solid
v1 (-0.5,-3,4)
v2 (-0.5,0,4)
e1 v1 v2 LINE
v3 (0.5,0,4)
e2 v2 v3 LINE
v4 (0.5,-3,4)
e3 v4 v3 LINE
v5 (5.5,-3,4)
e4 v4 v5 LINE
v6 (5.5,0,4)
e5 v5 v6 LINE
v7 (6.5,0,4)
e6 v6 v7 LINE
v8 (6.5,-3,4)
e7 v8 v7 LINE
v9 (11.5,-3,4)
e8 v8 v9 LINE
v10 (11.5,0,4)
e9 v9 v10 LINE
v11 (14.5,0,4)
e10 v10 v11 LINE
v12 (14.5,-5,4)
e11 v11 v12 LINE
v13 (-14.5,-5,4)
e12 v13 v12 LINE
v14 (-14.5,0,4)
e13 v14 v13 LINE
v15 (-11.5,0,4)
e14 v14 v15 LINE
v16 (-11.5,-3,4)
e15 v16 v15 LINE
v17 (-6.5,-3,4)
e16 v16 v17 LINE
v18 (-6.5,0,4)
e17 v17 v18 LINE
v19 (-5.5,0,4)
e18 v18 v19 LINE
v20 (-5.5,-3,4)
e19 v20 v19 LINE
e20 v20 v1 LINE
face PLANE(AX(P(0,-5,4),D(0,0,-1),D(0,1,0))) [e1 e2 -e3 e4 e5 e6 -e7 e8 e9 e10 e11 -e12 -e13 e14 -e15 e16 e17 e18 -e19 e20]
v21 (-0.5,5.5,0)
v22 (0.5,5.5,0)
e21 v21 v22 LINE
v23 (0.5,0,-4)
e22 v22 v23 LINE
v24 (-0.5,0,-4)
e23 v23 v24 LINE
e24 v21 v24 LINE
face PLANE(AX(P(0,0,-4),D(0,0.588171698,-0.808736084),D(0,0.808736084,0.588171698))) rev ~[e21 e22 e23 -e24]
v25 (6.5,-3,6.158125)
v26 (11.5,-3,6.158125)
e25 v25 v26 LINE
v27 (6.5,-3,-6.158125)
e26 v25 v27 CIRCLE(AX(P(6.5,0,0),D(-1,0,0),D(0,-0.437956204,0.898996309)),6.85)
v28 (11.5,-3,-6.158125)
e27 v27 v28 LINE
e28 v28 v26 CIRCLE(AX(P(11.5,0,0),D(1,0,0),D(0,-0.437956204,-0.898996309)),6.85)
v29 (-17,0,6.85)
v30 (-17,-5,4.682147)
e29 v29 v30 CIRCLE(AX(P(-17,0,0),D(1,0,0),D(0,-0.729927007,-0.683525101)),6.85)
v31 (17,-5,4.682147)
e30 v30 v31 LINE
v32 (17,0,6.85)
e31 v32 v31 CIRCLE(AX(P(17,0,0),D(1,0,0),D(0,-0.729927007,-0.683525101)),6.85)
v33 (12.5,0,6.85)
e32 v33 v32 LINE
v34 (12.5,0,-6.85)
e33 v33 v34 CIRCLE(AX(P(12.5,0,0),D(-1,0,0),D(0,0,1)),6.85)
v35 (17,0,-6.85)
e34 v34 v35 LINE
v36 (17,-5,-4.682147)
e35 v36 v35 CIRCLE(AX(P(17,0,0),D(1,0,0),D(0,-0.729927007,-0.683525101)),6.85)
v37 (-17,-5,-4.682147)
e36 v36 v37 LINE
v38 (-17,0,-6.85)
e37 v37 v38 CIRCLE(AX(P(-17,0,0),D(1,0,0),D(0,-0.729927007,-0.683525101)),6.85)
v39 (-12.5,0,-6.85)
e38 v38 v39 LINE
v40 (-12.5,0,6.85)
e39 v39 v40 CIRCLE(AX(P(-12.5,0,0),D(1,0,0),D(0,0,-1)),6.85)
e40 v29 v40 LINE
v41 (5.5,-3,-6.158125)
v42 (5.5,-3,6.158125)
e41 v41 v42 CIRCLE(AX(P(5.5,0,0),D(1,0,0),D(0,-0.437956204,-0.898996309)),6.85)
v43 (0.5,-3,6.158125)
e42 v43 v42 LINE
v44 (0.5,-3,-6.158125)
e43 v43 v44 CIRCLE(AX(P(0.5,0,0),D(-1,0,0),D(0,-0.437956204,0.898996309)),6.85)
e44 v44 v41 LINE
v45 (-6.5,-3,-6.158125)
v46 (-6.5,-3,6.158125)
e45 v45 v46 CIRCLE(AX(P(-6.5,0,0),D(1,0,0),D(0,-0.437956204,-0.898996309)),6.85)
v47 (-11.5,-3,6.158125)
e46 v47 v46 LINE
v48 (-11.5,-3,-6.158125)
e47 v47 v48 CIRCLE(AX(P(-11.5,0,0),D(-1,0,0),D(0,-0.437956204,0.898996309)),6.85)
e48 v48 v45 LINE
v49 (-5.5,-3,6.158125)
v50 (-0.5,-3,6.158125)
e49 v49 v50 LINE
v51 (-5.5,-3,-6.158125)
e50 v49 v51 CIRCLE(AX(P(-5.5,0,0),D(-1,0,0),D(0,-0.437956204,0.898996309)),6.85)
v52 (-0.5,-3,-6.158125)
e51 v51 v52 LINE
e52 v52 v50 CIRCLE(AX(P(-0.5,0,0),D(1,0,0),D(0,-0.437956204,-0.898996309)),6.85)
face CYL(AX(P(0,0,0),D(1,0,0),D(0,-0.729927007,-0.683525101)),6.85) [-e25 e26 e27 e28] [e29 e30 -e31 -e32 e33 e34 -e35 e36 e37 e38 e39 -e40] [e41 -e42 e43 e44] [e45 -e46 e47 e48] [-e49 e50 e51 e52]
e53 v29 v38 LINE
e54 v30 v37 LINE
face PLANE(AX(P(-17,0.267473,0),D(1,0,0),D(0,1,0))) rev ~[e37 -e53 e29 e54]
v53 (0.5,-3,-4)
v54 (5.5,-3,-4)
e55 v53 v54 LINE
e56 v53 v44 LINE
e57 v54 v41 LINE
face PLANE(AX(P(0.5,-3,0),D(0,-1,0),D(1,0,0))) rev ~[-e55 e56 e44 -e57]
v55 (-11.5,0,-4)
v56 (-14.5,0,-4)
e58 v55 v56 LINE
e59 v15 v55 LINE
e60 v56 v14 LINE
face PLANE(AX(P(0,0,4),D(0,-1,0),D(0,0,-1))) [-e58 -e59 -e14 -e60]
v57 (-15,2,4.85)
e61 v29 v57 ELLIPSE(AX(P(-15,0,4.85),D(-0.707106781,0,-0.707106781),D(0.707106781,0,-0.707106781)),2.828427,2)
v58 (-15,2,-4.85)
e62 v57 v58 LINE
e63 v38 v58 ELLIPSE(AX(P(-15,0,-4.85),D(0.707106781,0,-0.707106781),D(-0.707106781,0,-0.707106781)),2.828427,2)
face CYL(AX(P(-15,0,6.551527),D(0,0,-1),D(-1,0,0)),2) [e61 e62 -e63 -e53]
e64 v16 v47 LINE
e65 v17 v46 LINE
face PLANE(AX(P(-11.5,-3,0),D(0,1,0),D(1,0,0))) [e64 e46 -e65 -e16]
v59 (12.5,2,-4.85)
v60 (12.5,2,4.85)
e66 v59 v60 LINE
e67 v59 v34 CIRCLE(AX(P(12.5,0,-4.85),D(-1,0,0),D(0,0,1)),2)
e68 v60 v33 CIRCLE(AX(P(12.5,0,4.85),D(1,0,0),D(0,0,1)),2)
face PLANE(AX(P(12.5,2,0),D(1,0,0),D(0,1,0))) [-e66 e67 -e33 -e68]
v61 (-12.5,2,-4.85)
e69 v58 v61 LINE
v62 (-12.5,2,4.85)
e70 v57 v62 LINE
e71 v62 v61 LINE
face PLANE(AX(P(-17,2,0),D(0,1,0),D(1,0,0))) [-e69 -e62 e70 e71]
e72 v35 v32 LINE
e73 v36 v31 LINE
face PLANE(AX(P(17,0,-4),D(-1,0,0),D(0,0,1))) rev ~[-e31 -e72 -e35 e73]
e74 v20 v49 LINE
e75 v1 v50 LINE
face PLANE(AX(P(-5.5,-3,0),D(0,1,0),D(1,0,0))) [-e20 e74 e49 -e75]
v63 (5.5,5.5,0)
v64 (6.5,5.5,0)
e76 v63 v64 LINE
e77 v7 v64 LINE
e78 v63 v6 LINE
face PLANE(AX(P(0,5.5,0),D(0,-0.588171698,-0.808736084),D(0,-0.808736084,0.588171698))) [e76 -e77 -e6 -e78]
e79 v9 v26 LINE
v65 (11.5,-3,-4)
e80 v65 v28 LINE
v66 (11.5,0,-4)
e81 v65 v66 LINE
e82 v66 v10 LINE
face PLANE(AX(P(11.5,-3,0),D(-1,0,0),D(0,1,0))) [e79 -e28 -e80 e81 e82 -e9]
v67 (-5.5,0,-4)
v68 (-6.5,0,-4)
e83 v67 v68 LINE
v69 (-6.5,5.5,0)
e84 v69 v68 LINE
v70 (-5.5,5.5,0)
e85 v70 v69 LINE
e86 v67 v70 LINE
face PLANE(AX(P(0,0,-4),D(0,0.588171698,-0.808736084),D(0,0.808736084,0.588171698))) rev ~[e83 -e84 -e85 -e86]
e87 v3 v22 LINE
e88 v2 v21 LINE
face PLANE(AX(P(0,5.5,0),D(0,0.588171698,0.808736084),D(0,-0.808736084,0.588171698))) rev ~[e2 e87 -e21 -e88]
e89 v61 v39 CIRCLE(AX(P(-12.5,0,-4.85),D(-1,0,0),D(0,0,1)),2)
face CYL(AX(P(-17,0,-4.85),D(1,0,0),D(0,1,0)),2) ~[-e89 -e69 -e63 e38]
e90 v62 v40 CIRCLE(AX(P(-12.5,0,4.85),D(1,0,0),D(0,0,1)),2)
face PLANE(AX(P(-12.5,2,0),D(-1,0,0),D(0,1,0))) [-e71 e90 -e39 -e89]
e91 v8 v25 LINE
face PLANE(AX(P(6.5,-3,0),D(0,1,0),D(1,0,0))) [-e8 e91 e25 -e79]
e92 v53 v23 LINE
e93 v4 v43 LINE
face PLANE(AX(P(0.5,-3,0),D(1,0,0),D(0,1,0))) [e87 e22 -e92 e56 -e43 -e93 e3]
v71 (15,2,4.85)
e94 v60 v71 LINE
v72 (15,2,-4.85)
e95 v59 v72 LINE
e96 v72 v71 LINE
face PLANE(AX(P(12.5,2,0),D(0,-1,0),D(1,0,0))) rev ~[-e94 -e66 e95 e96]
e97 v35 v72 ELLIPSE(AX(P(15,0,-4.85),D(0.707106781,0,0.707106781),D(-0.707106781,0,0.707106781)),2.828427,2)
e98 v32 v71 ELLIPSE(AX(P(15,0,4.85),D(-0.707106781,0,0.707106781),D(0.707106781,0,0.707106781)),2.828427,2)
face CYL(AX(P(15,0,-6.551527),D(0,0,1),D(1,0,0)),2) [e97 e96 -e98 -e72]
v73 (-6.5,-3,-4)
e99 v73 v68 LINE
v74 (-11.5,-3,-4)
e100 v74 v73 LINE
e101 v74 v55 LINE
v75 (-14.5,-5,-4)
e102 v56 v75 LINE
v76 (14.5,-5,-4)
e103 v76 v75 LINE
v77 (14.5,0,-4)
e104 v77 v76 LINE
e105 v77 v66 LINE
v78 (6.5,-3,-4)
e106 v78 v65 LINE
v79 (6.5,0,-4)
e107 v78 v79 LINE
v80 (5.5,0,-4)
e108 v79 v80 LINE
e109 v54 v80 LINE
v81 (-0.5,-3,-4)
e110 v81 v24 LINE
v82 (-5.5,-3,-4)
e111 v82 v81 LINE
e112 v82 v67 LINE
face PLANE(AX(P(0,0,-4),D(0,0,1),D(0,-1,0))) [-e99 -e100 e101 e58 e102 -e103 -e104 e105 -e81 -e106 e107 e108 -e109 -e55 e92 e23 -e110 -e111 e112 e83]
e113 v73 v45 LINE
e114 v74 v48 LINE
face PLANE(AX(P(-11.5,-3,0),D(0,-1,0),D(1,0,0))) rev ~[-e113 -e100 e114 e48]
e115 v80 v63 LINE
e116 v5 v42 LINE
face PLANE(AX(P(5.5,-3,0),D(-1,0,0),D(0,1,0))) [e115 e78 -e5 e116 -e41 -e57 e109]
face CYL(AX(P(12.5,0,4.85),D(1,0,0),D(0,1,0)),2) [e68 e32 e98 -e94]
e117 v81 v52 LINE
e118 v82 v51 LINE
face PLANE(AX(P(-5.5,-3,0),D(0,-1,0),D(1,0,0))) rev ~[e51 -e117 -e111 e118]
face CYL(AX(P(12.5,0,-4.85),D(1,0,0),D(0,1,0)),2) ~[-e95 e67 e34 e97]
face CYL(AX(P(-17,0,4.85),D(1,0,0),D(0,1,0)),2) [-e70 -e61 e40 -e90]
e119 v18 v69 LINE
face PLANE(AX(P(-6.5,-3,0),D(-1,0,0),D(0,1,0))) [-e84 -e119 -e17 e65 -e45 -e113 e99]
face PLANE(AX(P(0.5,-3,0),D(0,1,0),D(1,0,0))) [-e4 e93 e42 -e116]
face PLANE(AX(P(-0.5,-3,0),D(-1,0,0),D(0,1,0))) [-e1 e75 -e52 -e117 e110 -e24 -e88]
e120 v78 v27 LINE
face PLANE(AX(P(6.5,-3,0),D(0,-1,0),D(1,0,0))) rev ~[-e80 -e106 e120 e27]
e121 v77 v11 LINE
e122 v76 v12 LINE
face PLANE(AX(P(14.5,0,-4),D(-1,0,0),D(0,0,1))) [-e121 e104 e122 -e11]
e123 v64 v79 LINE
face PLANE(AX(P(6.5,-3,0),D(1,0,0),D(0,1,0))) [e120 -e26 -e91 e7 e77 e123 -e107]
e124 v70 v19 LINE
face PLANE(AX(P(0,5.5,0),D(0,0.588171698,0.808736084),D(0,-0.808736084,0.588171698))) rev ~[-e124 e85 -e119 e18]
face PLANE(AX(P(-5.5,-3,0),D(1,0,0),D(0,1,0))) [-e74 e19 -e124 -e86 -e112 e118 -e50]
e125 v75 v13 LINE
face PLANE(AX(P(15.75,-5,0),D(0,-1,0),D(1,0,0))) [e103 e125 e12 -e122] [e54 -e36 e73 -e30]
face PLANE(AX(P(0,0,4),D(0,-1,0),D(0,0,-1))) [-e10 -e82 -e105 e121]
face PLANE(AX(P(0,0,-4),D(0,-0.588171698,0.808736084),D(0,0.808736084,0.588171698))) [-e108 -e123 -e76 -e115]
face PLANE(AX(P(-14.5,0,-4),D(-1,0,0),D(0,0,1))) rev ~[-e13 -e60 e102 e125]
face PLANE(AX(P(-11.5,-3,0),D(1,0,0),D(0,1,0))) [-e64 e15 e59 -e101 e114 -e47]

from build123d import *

# Parameters (mm, degrees)
F1_DEPTH      = 17
F1_DEPTH_BACK = 17
F2_W          = 5
F2_H          = 17
F3_DEPTH      = 25
F3_DEPTH_BACK = 25
F5_DEPTH      = 10
F5_DEPTH_BACK = 10
F6_W          = 2.5
F6_H          = 8
F7_DEPTH      = 5
F8_W          = 4.5
F8_H          = 7
F9_DEPTH      = 25
F9_DEPTH_BACK = 25
F10_R         = 2


with BuildPart() as f1:
    # F0 (on Right) → F1 (new body, two sides)
    with BuildSketch(Plane.YZ) as f1_sk:
        with BuildLine():
            ThreePointArc((-5, -4.6821469434), (6.85, 0), (-5, 4.6821469434))
            Line((-5, 4.6821469434), (-5, 4))
            Line((-5, 4), (0, 4))
            Line((0, 4), (0, -4))
            Line((0, -4), (-5, -4))
            Line((-5, -4), (-5, -4.6821469434))
        make_face()
    extrude(amount=F1_DEPTH)
    extrude(f1_sk.sketch, amount=-F1_DEPTH_BACK)

    # F2 (on Top) → F3 (cut, two sides)
    with BuildSketch(Plane.XY) as f3_sk:
        with Locations((-9, 5.5)):
            Rectangle(F2_W, F2_H)
        with Locations((-3, 5.5)):
            Rectangle(F2_W, F2_H)
        with Locations((3, 5.5)):
            Rectangle(F2_W, F2_H)
        with Locations((9, 5.5)):
            Rectangle(F2_W, F2_H)
    extrude(amount=-F3_DEPTH, mode=Mode.SUBTRACT)
    extrude(f3_sk.sketch, amount=F3_DEPTH_BACK, mode=Mode.SUBTRACT)

    # F4 (on Right) → F5 (cut, two sides)
    with BuildSketch(Plane.YZ) as f5_sk:
        Polygon((0, -4), (5.5, 0), (0, 4), align=None)
    extrude(amount=-F5_DEPTH, mode=Mode.SUBTRACT)
    extrude(f5_sk.sketch, amount=F5_DEPTH_BACK, mode=Mode.SUBTRACT)

    # F6 (on face) → F7 (join, through all)
    with BuildSketch(Plane.XZ):
        with Locations((15.75, 0)):
            Rectangle(F6_W, F6_H)
        with Locations((-15.75, 0)):
            Rectangle(F6_W, F6_H)
    extrude(amount=F7_DEPTH)

    # F8 (on Top) → F9 (cut, two sides)
    with BuildSketch(Plane.XY) as f9_sk:
        with Locations((-14.75, 5.5)):
            Rectangle(F8_W, F8_H)
        with Locations((14.75, 5.5)):
            Rectangle(F8_W, F8_H)
    extrude(amount=-F9_DEPTH, mode=Mode.SUBTRACT)
    extrude(f9_sk.sketch, amount=F9_DEPTH_BACK, mode=Mode.SUBTRACT)

    # F10
    f10_edges = [f1.edges().sort_by_distance(p)[0] for p in [
        (17, 2, 0),
        (-17, 2, 0),
        (14.75, 2, 6.551527),
        (14.75, 2, -6.551527),
        (-14.75, 2, -6.551527),
        (-14.75, 2, 6.551527),
    ]]
    fillet(f10_edges, radius=F10_R)


solid = f1.part
